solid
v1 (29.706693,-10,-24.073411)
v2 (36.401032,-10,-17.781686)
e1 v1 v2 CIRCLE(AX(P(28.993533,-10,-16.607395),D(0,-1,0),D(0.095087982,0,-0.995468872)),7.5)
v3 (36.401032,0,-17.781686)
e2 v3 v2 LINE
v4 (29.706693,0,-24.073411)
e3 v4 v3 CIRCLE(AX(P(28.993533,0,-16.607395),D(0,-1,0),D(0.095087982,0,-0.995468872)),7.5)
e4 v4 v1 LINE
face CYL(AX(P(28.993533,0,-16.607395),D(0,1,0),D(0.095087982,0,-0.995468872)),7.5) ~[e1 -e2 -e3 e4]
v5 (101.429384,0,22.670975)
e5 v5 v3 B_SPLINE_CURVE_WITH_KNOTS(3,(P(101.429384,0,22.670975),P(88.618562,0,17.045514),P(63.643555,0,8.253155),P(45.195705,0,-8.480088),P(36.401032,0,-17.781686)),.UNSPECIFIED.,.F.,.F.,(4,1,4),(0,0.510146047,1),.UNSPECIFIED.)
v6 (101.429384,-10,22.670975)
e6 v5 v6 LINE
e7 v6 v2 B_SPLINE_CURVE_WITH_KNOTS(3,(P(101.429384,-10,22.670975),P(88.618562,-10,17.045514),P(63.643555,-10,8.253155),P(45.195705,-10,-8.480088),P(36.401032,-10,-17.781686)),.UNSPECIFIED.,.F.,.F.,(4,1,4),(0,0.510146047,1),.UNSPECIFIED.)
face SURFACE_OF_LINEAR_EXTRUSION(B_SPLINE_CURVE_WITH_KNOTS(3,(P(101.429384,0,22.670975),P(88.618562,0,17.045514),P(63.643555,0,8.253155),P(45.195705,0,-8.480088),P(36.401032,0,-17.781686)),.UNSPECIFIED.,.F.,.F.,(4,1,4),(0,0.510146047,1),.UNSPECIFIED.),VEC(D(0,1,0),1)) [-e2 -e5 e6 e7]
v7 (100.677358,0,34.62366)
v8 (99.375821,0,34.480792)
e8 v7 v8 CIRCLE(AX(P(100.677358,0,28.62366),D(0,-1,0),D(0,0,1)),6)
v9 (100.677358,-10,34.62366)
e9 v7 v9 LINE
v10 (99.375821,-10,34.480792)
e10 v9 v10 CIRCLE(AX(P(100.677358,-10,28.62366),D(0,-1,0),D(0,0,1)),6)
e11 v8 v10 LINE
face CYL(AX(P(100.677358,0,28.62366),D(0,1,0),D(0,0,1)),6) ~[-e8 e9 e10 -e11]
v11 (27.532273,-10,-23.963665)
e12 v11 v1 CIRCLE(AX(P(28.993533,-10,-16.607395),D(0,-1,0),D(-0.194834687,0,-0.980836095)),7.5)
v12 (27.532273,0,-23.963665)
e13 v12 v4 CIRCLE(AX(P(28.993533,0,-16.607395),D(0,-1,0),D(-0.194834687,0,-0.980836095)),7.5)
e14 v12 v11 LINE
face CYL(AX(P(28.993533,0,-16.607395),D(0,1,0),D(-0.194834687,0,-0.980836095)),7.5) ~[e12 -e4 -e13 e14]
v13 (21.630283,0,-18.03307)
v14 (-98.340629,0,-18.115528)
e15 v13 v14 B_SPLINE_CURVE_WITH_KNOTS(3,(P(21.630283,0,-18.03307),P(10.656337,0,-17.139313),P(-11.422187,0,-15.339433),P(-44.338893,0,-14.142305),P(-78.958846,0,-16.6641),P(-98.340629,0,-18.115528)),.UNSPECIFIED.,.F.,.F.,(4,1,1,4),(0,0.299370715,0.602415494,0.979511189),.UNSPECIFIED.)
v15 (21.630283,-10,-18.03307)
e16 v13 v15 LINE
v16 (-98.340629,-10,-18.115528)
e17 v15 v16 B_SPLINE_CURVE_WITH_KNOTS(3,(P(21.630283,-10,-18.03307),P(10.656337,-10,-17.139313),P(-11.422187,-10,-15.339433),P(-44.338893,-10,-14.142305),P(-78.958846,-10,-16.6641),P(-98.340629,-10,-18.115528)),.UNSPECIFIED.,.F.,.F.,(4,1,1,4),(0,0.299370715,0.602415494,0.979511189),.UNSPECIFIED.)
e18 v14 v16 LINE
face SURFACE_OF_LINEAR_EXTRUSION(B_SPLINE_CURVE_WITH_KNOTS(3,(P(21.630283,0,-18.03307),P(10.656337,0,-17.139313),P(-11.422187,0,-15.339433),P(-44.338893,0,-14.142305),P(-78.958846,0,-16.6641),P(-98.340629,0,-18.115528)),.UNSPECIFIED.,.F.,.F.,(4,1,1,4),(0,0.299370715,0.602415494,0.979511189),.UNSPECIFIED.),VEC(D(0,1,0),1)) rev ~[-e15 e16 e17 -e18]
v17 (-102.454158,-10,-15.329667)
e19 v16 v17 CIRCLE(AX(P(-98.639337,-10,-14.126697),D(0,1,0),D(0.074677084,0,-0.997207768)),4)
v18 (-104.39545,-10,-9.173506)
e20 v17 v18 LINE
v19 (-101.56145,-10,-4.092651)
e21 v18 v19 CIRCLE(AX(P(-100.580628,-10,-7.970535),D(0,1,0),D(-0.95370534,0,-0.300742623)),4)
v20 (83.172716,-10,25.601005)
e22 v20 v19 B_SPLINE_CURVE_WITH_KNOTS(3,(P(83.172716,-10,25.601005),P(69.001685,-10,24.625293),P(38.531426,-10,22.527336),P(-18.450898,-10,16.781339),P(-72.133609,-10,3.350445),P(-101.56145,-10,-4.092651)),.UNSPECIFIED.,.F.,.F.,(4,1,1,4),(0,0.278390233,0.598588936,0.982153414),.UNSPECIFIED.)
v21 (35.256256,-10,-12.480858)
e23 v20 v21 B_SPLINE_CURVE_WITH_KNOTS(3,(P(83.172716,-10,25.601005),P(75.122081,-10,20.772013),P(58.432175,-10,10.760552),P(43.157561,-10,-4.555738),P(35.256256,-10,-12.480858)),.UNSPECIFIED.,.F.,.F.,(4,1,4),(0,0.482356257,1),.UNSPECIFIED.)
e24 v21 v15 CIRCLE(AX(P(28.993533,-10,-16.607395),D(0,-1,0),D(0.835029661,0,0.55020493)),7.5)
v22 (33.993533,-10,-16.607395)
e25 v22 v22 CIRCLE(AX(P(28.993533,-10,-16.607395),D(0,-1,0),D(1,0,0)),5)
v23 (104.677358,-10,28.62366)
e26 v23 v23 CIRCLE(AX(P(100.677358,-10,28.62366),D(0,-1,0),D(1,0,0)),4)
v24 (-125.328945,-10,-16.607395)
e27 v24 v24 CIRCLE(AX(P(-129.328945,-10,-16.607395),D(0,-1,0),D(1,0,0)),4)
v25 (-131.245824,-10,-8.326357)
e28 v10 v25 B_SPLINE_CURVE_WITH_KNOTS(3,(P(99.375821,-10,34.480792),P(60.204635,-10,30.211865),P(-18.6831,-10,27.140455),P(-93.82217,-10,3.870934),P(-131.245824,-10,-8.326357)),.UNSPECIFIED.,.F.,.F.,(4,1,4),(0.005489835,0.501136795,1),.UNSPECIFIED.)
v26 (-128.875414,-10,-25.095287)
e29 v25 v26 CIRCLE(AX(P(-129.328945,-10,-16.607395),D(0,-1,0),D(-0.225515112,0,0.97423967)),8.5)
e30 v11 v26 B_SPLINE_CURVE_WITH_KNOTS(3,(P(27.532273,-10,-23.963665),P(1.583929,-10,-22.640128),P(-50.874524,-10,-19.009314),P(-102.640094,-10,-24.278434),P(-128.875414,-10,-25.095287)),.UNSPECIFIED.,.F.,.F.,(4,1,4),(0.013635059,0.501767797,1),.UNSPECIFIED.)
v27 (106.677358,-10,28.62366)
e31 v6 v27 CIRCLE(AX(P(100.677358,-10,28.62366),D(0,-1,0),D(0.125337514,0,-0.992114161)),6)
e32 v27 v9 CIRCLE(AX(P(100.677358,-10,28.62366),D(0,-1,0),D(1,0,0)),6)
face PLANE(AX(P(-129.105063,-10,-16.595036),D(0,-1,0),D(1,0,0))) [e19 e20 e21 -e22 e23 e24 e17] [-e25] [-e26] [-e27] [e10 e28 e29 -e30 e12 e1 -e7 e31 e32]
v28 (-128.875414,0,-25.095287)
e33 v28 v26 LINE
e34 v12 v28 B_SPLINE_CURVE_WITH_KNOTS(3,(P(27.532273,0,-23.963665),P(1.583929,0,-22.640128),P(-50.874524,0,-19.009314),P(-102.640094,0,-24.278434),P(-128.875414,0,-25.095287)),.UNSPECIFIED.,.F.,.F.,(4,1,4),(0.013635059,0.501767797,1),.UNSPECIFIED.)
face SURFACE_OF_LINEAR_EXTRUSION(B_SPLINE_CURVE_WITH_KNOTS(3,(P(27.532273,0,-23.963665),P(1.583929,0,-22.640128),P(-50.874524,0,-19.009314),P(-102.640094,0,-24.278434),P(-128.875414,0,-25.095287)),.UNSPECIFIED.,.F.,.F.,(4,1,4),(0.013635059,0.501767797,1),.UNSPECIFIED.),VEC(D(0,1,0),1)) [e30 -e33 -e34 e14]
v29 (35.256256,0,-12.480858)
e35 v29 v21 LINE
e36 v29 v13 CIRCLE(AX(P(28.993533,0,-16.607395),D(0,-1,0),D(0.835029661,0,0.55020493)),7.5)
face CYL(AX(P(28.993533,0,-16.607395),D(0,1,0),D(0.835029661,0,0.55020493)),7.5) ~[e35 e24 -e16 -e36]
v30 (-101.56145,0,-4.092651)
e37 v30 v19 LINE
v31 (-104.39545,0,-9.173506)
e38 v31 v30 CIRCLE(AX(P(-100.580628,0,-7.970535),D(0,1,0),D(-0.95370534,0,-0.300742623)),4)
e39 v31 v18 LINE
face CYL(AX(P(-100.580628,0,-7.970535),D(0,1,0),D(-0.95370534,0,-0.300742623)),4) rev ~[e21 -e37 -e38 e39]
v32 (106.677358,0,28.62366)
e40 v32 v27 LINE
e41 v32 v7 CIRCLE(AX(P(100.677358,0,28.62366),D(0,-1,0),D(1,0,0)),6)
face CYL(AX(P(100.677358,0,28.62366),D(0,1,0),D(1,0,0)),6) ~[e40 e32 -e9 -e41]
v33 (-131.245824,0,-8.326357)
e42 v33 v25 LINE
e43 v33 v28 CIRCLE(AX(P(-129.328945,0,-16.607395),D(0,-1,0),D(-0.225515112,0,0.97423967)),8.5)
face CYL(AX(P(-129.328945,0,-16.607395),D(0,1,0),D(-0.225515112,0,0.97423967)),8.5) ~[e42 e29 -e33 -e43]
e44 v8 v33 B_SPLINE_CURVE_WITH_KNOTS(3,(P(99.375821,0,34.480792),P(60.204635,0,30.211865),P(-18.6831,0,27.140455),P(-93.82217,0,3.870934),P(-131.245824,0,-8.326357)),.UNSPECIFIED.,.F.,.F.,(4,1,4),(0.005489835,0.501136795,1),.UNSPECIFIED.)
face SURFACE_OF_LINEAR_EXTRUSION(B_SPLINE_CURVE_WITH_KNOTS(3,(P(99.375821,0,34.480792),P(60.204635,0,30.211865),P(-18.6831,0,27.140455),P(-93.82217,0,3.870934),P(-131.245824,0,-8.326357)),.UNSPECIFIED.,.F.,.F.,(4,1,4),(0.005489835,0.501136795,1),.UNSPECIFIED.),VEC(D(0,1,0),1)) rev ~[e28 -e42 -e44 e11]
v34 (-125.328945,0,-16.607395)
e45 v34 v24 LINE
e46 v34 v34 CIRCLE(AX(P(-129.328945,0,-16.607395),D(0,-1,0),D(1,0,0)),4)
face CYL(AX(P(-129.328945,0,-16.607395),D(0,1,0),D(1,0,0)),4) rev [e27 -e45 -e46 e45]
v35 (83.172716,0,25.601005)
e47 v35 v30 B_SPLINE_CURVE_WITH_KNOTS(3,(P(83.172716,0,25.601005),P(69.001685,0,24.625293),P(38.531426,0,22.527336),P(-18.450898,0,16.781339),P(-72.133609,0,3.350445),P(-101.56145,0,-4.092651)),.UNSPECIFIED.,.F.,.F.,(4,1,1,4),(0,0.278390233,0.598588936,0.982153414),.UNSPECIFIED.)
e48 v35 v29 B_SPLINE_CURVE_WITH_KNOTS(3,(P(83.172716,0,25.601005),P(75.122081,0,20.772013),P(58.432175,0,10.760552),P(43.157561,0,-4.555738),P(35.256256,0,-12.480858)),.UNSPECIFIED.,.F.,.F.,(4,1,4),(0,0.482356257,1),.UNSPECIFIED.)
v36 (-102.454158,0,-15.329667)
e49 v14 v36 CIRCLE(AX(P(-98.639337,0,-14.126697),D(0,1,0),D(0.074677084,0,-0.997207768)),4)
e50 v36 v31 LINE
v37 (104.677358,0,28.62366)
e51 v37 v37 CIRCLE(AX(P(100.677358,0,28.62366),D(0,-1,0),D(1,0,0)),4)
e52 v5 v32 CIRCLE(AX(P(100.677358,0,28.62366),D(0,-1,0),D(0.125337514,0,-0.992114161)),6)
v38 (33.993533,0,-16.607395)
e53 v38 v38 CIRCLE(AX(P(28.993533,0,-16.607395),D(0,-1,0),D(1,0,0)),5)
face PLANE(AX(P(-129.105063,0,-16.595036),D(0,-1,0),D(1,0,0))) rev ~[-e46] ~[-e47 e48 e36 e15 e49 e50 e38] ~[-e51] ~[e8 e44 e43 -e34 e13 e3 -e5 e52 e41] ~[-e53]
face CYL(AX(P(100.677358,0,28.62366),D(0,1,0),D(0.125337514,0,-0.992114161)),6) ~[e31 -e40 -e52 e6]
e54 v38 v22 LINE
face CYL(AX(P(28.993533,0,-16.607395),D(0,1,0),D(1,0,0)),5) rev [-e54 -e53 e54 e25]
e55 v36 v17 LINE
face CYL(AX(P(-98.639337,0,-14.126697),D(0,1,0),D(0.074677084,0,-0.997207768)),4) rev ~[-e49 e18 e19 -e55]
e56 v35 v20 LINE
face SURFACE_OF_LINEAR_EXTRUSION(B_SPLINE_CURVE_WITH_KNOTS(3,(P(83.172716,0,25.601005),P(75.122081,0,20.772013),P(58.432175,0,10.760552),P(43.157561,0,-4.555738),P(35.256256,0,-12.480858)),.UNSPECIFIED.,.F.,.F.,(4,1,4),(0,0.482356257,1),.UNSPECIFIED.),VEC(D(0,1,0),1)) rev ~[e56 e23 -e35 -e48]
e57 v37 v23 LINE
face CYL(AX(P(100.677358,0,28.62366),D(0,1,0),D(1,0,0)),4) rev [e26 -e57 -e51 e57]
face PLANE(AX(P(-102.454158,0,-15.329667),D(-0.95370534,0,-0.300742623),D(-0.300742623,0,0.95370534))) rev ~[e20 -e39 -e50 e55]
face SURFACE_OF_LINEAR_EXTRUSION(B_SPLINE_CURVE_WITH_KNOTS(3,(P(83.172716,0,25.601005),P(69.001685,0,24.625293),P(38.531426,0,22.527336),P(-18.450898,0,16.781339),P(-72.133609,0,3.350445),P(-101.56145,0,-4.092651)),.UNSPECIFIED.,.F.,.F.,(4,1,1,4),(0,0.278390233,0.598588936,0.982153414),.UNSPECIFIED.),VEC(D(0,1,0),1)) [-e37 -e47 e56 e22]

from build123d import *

# Parameters (mm, degrees)
F0_R     = 4
F0_R_2   = 5
F1_DEPTH = 10


with BuildPart() as f1:
    # F0 (on Front) → F1 (new body)
    with BuildSketch(Plane.XZ):
        with BuildLine():
            ThreePointArc((-128.8754135109, -25.0952865806), (-123.1602737314, -22.4552566283), (-120.8289454463, -16.6073946878))
            ThreePointArc((-120.8289454463, -16.6073946878), (-124.0394968392, -9.9536939557), (-131.2458239011, -8.326357495))
            ThreePointArc((-131.2458239011, -8.326357495), (-137.7452743032, -17.797104136), (-128.8754135109, -25.0952865806))
        make_face()
        with Locations((-129.3289454463, -16.6073946878)):
            Circle(F0_R, mode=Mode.SUBTRACT)
        with BuildLine():
            ThreePointArc((-131.2458239011, -8.326357495), (-124.0394968392, -9.9536939557), (-120.8289454463, -16.6073946878))
            ThreePointArc((-120.8289454463, -16.6073946878), (-123.1602737314, -22.4552566283), (-128.8754135109, -25.0952865806))
            add(Edge.make_bspline(
                [(27.532273017, -23.963665398), (1.5839289913, -22.6401279773), (-50.8745236246, -19.0093143919), (-102.6400941915, -24.2784335073), (-128.8754135109, -25.0952865806)],
                knots=[0.0136350591, 0.0136350591, 0.0136350591, 0.0136350591, 0.501767797, 1, 1, 1, 1], degree=3))
            ThreePointArc((27.532273017, -23.963665398), (23.6774268876, -21.8978591269), (21.6302831699, -18.0330697627))
            add(Edge.make_bspline(
                [(21.6302831699, -18.0330697627), (10.6563367579, -17.139313249), (-11.4221872367, -15.3394334373), (-44.3388932106, -14.1423054761), (-78.9588463965, -16.6641001427), (-98.3406285912, -18.1155278421)],
                knots=[0, 0, 0, 0, 0.2993707154, 0.6024154943, 0.9795111889, 0.9795111889, 0.9795111889, 0.9795111889], degree=3))
            ThreePointArc((-98.3406285912, -18.1155278421), (-100.8823299041, -17.4386421951), (-102.4541582861, -15.3296672591))
            Line((-102.4541582861, -15.3296672591), (-104.3954498587, -9.1735058104))
            ThreePointArc((-104.3954498587, -9.1735058104), (-104.0739536016, -6.0220282679), (-101.5614502719, -4.0926507615))
            add(Edge.make_bspline(
                [(83.1727162004, 25.6010051817), (69.0016849645, 24.6252928547), (38.5314258984, 22.5273363348), (-18.4508975965, 16.7813390569), (-72.1336091939, 3.3504452865), (-101.5614502719, -4.0926507615)],
                knots=[0, 0, 0, 0, 0.2783902325, 0.5985889357, 0.9821534138, 0.9821534138, 0.9821534138, 0.9821534138], degree=3))
            add(Edge.make_bspline(
                [(83.1727162004, 25.6010051817), (75.1220807527, 20.7720126759), (58.4321749927, 10.7605519796), (43.1575612073, -4.5557382523), (35.2562556315, -12.4808577154)],
                knots=[0, 0, 0, 0, 0.4823562569, 1, 1, 1, 1], degree=3))
            ThreePointArc((35.2562556315, -12.4808577154), (36.1775577554, -14.4533773309), (36.4935331712, -16.6073946878))
            ThreePointArc((36.4935331712, -16.6073946878), (36.4703721297, -17.1963591935), (36.4010320542, -17.7816860907))
            add(Edge.make_bspline(
                [(101.4293835288, 22.6709745548), (88.6185616779, 17.0455138174), (63.643555199, 8.2531548454), (45.1957048246, -8.4800882278), (36.4010320542, -17.7816860907)],
                knots=[0, 0, 0, 0, 0.5101460468, 1, 1, 1, 1], degree=3))
            ThreePointArc((101.4293835288, 22.6709745548), (94.7660609505, 27.5957675413), (99.3758214052, 34.4807920361))
            add(Edge.make_bspline(
                [(99.3758214052, 34.4807920361), (60.2046354861, 30.2118651857), (-18.683100471, 27.1404553476), (-93.822170127, 3.870933866), (-131.2458239011, -8.326357495)],
                knots=[0.0054898353, 0.0054898353, 0.0054898353, 0.0054898353, 0.5011367949, 1, 1, 1, 1], degree=3))
        make_face()
        with BuildLine():
            add(Edge.make_bspline(
                [(100.6773584463, 34.6236595183), (100.2435315443, 34.5756940781), (99.8096853764, 34.5280750966), (99.3758214052, 34.4807920361)],
                knots=[0, 0, 0, 0, 0.0054898353, 0.0054898353, 0.0054898353, 0.0054898353], degree=3))
            ThreePointArc((99.3758214052, 34.4807920361), (94.7660609505, 27.5957675413), (101.4293835288, 22.6709745548))
            ThreePointArc((101.4293835288, 22.6709745548), (105.1780334232, 24.6557980348), (106.6773584463, 28.6236595183))
            ThreePointArc((106.6773584463, 28.6236595183), (104.9199991334, 32.8663002054), (100.6773584463, 34.6236595183))
        make_face()
        with Locations((100.6773584463, 28.6236595183)):
            Circle(F0_R, mode=Mode.SUBTRACT)
        with BuildLine():
            ThreePointArc((100.6773584463, 34.6236595183), (100.0226810855, 34.5878357023), (99.3758214052, 34.4807920361))
            add(Edge.make_bspline(
                [(100.6773584463, 34.6236595183), (100.2435315443, 34.5756940781), (99.8096853764, 34.5280750966), (99.3758214052, 34.4807920361)],
                knots=[0, 0, 0, 0, 0.0054898353, 0.0054898353, 0.0054898353, 0.0054898353], degree=3))
        make_face()
        with BuildLine():
            add(Edge.make_bspline(
                [(29.7066930366, -24.0734112299), (28.9818986202, -24.0372371146), (28.2570906247, -24.000635897), (27.532273017, -23.963665398)],
                knots=[0, 0, 0, 0, 0.0136350591, 0.0136350591, 0.0136350591, 0.0136350591], degree=3))
            ThreePointArc((27.532273017, -23.963665398), (28.6154795408, -24.0978603244), (29.7066930366, -24.0734112299))
        make_face()
        with BuildLine():
            ThreePointArc((21.6302831699, -18.0330697627), (23.6774268876, -21.8978591269), (27.532273017, -23.963665398))
            add(Edge.make_bspline(
                [(29.7066930366, -24.0734112299), (28.9818986202, -24.0372371146), (28.2570906247, -24.000635897), (27.532273017, -23.963665398)],
                knots=[0, 0, 0, 0, 0.0136350591, 0.0136350591, 0.0136350591, 0.0136350591], degree=3))
            ThreePointArc((29.7066930366, -24.0734112299), (34.1299449473, -22.0724906675), (36.4010320542, -17.7816860907))
            ThreePointArc((36.4010320542, -17.7816860907), (36.4703721297, -17.1963591935), (36.4935331712, -16.6073946878))
            ThreePointArc((36.4935331712, -16.6073946878), (36.1775577554, -14.4533773309), (35.2562556315, -12.4808577154))
            ThreePointArc((35.2562556315, -12.4808577154), (26.1634174718, -9.6618605019), (21.6302831699, -18.0330697627))
        make_face()
        with Locations((28.9935331712, -16.6073946878)):
            Circle(F0_R_2, mode=Mode.SUBTRACT)
    extrude(amount=F1_DEPTH)


solid = f1.part
